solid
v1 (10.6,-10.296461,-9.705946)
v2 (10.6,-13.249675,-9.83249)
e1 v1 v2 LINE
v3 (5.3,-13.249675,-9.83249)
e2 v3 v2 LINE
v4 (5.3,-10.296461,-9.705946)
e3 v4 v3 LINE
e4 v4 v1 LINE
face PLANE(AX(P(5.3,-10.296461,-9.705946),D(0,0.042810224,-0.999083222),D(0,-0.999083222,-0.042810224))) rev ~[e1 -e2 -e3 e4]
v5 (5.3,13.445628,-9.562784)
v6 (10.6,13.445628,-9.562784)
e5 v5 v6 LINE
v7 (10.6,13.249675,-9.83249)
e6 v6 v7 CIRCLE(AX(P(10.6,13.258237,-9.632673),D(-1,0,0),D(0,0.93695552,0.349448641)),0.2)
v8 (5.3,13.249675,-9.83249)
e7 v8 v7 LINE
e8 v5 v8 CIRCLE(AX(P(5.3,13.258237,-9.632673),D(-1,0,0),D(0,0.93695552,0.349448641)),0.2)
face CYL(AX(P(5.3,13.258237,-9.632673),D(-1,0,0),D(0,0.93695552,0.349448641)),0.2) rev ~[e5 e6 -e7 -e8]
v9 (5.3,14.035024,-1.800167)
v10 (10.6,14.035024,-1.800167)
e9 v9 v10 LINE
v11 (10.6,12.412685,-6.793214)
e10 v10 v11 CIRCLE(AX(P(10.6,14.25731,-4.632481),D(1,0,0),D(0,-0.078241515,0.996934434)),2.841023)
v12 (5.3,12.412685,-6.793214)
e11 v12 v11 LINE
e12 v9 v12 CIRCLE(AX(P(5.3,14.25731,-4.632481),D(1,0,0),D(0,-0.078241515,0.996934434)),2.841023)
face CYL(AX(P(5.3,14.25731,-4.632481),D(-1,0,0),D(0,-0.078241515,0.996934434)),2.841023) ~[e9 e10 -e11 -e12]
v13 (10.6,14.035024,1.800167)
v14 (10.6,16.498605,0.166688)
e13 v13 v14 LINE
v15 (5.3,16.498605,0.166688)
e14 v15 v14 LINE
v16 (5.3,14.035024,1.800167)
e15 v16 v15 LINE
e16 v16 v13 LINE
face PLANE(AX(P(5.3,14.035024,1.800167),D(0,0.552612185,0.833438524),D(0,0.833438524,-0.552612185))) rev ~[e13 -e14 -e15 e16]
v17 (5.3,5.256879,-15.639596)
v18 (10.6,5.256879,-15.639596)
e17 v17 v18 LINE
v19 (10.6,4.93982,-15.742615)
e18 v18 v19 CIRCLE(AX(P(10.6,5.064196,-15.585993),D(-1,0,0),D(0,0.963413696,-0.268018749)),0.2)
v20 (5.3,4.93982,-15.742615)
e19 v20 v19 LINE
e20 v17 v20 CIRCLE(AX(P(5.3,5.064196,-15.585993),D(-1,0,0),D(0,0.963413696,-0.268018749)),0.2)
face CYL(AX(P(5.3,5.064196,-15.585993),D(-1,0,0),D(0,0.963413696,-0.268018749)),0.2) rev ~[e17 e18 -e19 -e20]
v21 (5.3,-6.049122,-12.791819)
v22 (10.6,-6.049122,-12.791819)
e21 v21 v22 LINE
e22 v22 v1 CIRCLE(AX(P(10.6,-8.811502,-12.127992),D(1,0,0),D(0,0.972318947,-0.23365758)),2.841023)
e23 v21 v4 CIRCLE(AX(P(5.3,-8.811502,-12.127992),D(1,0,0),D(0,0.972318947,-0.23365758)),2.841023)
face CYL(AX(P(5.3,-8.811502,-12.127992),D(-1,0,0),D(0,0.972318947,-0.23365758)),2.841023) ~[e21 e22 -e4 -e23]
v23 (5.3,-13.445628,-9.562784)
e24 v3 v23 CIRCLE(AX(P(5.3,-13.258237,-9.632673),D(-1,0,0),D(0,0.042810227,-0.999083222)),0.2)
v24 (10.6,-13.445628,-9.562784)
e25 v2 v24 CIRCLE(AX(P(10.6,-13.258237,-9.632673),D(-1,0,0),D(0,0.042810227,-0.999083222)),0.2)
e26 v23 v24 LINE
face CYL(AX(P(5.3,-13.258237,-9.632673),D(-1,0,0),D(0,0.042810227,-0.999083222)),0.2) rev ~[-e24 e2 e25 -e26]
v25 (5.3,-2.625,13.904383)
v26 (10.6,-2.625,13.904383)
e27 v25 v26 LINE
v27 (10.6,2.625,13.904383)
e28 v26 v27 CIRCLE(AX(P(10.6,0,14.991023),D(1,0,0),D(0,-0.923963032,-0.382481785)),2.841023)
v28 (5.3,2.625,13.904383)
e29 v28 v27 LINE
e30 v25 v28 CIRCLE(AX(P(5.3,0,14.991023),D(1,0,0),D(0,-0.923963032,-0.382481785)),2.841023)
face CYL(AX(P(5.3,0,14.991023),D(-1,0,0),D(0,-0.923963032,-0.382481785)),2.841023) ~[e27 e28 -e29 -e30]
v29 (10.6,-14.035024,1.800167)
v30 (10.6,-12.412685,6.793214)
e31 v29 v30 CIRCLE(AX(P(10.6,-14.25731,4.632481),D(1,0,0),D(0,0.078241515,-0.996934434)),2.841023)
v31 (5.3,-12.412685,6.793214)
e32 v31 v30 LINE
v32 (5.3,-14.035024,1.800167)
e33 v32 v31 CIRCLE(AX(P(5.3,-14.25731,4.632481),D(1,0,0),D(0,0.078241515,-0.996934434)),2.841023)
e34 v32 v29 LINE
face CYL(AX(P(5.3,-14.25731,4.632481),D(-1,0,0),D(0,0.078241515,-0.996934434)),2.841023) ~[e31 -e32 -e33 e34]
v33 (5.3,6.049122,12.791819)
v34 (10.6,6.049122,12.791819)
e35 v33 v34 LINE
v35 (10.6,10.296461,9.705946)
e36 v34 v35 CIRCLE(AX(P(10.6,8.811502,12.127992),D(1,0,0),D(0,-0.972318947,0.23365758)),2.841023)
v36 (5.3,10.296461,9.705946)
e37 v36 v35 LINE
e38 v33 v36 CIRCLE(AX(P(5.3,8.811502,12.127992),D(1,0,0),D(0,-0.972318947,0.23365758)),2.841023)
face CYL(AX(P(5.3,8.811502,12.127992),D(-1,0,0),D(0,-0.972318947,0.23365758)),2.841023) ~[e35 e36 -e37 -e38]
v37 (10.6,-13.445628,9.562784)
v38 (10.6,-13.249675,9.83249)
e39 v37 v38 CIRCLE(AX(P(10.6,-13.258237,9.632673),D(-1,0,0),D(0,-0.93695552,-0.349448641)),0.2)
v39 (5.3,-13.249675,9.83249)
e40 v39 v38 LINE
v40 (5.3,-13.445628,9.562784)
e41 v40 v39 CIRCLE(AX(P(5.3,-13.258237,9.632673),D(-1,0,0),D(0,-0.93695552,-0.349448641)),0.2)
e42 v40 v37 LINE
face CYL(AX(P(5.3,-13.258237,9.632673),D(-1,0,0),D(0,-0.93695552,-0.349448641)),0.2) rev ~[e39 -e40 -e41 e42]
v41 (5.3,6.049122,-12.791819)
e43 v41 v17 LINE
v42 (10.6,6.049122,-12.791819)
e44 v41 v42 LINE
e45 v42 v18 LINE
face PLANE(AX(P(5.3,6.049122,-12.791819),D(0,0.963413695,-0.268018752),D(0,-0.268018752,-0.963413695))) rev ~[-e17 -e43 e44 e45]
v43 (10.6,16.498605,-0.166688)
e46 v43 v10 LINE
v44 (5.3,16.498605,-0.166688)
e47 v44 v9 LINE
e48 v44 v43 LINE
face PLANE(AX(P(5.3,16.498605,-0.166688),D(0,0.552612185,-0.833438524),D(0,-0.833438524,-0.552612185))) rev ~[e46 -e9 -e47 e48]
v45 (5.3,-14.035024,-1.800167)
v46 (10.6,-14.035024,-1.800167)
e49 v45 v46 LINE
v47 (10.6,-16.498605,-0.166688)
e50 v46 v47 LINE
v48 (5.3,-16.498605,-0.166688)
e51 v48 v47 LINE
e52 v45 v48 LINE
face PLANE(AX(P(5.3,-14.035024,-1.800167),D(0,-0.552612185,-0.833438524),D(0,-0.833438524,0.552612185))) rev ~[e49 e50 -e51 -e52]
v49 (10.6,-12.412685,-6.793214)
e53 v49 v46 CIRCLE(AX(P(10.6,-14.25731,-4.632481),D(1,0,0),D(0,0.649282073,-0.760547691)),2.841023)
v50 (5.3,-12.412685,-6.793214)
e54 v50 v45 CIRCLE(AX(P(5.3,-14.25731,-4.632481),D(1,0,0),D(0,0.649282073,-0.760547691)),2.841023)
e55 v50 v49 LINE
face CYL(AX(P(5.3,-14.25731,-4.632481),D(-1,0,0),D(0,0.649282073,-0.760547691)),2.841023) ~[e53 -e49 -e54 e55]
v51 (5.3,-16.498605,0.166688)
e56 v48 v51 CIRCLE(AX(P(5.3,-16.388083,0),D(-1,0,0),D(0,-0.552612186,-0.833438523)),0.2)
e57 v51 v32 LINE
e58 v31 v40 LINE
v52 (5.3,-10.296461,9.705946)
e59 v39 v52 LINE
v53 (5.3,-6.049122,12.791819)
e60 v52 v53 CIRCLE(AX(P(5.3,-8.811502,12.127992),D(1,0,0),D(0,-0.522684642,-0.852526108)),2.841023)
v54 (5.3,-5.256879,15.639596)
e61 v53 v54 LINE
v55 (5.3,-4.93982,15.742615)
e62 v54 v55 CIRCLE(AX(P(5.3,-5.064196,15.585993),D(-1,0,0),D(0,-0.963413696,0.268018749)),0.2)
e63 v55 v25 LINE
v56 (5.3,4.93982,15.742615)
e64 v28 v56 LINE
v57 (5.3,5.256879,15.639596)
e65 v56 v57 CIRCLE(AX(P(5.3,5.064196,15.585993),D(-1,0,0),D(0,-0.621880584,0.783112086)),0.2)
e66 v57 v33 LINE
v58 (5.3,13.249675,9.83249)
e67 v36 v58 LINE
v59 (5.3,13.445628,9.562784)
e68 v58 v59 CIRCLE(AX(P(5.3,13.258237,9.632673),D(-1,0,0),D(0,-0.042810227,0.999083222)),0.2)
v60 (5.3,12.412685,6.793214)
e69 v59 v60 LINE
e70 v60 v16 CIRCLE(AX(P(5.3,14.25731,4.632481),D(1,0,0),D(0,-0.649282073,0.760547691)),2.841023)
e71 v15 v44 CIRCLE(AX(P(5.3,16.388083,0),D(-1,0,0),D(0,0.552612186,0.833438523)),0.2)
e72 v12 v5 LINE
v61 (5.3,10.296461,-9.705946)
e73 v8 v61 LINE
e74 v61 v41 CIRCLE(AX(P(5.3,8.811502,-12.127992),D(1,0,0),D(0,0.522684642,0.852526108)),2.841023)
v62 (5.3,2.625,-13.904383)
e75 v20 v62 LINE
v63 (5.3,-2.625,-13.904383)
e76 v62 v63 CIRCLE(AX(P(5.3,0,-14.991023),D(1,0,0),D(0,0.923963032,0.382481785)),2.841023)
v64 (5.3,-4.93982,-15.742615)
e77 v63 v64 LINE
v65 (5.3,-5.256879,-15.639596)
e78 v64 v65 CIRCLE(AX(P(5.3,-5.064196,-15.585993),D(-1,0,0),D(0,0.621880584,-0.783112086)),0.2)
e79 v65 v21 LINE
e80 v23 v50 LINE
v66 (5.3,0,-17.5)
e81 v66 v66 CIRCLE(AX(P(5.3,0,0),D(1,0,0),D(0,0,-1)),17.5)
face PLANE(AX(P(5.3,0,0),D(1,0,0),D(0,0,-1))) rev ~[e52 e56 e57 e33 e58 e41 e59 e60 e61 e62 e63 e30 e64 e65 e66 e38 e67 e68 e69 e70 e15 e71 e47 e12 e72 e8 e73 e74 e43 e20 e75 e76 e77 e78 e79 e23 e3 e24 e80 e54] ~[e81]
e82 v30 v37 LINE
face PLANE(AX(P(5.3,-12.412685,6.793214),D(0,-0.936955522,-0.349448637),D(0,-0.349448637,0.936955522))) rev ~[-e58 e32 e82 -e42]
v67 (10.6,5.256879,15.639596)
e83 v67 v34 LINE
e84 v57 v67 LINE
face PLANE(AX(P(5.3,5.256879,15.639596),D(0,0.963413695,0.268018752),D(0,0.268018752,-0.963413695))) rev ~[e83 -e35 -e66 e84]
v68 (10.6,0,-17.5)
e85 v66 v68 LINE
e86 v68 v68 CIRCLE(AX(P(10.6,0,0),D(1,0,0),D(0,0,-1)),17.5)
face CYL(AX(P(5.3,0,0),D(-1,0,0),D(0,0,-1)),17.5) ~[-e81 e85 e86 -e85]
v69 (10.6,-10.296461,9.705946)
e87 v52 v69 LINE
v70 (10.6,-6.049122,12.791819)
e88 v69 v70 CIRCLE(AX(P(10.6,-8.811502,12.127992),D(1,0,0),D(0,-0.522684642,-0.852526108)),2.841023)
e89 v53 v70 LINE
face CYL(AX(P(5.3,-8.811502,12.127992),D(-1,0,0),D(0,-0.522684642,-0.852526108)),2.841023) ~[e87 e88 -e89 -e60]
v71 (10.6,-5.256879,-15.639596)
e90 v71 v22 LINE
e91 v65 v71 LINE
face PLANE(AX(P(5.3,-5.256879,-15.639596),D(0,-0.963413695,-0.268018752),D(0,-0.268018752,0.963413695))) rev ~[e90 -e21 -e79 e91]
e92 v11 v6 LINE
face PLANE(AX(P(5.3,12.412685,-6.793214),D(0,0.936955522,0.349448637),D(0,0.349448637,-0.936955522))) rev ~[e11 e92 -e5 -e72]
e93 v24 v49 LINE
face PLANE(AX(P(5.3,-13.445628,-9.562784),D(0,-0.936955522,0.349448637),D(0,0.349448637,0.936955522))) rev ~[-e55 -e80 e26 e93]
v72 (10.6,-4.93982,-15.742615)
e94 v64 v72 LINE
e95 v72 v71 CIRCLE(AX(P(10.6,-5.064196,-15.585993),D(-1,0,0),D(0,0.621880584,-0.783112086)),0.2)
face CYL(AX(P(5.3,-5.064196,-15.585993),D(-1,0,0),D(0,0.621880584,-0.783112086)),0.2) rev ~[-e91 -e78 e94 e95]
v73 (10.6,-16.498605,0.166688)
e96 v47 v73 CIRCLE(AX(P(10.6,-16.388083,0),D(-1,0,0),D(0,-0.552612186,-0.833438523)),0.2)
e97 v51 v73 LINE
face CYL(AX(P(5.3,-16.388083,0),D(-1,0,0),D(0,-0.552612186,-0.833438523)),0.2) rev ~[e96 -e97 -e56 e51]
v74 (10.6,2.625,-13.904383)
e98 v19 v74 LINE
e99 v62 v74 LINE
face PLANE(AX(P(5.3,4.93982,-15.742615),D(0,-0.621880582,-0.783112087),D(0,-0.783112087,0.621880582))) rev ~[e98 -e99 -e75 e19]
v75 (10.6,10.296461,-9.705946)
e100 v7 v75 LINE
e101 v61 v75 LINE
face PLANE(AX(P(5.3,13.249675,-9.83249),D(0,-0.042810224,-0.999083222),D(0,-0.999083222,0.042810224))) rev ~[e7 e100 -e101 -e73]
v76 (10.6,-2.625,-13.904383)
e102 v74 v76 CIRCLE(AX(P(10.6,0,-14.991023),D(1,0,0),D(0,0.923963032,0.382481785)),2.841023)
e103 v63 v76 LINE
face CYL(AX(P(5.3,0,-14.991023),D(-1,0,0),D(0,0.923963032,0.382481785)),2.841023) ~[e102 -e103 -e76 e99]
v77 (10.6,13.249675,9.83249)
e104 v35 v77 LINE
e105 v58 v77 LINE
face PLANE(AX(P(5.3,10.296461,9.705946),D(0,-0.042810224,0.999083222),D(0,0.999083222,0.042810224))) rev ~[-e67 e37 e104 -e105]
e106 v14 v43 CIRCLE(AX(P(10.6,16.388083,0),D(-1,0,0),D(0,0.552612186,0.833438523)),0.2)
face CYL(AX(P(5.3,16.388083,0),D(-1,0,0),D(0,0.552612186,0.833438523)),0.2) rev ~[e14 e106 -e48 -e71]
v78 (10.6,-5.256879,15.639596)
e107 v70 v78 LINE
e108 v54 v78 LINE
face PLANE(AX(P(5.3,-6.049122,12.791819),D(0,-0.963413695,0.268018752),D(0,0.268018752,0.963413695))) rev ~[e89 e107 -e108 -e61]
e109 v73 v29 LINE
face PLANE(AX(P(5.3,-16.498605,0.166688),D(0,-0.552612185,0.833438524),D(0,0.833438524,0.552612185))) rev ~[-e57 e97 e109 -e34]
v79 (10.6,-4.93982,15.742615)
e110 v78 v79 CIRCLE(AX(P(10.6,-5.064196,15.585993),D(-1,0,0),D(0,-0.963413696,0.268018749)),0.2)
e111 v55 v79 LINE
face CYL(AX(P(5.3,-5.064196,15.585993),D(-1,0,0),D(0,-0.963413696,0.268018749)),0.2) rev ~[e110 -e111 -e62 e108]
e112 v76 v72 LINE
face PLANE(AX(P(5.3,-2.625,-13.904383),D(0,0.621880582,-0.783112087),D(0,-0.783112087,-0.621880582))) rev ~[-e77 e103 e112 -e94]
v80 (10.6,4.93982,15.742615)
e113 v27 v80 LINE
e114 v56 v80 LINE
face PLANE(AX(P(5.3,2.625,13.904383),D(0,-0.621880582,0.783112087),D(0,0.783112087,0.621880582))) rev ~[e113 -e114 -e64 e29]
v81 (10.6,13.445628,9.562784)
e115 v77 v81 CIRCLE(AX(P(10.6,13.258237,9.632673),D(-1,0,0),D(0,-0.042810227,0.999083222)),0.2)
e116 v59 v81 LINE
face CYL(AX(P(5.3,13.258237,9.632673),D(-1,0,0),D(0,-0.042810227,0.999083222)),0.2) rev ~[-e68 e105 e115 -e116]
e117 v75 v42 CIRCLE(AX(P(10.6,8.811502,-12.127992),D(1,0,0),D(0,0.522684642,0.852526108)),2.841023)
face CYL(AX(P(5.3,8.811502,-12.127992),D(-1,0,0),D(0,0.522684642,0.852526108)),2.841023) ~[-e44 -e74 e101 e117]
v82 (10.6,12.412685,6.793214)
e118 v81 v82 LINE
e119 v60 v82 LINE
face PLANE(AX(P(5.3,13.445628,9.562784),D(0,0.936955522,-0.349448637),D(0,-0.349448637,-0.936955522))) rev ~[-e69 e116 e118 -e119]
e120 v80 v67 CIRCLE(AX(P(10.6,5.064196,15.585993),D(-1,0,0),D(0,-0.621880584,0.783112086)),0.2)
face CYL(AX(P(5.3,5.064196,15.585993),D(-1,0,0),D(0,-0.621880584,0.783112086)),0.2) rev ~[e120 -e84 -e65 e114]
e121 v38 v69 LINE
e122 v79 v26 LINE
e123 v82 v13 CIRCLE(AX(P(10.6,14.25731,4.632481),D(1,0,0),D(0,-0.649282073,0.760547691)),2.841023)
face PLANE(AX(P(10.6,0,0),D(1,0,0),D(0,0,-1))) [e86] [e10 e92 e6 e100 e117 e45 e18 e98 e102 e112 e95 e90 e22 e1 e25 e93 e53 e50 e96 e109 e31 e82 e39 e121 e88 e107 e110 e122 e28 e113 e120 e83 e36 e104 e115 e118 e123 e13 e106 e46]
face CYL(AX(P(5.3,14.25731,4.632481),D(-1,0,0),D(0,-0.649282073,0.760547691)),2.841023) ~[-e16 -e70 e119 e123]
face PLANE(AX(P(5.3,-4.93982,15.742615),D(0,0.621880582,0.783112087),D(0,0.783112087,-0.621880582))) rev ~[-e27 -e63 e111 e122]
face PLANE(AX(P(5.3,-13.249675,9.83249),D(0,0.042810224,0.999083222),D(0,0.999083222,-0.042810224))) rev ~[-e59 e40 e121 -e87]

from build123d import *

# Parameters (mm, degrees)
BOSS_EXTRUDE1_DEPTH     = 5.3
CIRPATTERN1_COUNT       = 10
FILLET1_R               = 0.2
FILLET3_R               = 0.2
SKETCH2_R               = 10
SKETCH2_R_2             = 4.05
BOSS_EXTRUDE2_DEPTH     = 16.7
CUT_EXTRUDE1_DEPTH      = 29.341701561
CUT_EXTRUDE1_DEPTH_BACK = 29.341701561
SKETCH2_2_R             = 4.05
SKETCH3_R               = 17.5
BOSS_EXTRUDE3_DEPTH     = 5.3
SKETCH3_3_R             = 17.5
CUT_EXTRUDE2_DEPTH      = 34.11344138


with BuildPart() as part:
    # Sketch1 → Boss-Extrude1 (new body)
    with BuildSketch(Plane(origin=(0, 0, 0), x_dir=(0, 0, -1), z_dir=(1, 0, 0))):
        with BuildLine():
            Line((0, 0), (9.845402976, 13.551034656))
            Line((9.845402976, 13.551034656), (6.793214092, 12.412684734))
            ThreePointArc((6.793214092, 12.412684734), (3.754556482, 11.555336673), (1.800167381, 14.035023954))
            Line((1.800167381, 14.035023954), (0, 16.75))
            Line((0, 16.75), (0, 0))
        make_face()
    boss_extrude1 = extrude(amount=BOSS_EXTRUDE1_DEPTH)

    # CirPattern1: Boss-Extrude1 ×10 about axis
    cirpattern1_axis = Axis((5.3, 0, 0), (-1, 0, 0))
    for i in range(1, CIRPATTERN1_COUNT):
        add(boss_extrude1.rotate(cirpattern1_axis, i * 360 / CIRPATTERN1_COUNT))

    # Fillet1
    fillet1_edges = [part.edges().sort_by_distance(p)[0] for p in [
        (2.65, 16.75, 0),
    ]]
    fillet(fillet1_edges, radius=FILLET1_R)

    # Fillet3
    fillet3_edges = [part.edges().sort_by_distance(p)[0] for p in [
        (2.65, 13.551034656, 9.845402976),
        (2.65, 5.176034656, 15.930196648),
        (2.65, -5.176034656, 15.930196648),
        (2.65, -13.551034656, 9.845402976),
        (2.65, -16.75, 0),
        (2.65, -13.551034656, -9.845402976),
        (2.65, -5.176034656, -15.930196648),
        (2.65, 5.176034656, -15.930196648),
        (2.65, 13.551034656, -9.845402976),
    ]]
    fillet(fillet3_edges, radius=FILLET3_R)

    # Sketch2 → Boss-Extrude2 (add)
    with BuildSketch(Plane.ZY):
        Circle(SKETCH2_R)
        Circle(SKETCH2_R_2, mode=Mode.SUBTRACT)
    extrude(amount=BOSS_EXTRUDE2_DEPTH)

    # Sketch2<2> → Cut-Extrude1 (cut, two sides: drawn at the far end of the back side and taken through both)
    with BuildSketch(Plane.ZY.offset(-CUT_EXTRUDE1_DEPTH_BACK)):
        Circle(SKETCH2_2_R)
    extrude(amount=CUT_EXTRUDE1_DEPTH + CUT_EXTRUDE1_DEPTH_BACK, mode=Mode.SUBTRACT)

    # Sketch3<3> → Cut-Extrude2 (cut, through all)
    with BuildSketch(Plane(origin=(5.3, 0, 0), x_dir=(0, 0, -1), z_dir=(1, 0, 0))):
        Circle(SKETCH3_3_R)
    extrude(amount=-CUT_EXTRUDE2_DEPTH, mode=Mode.SUBTRACT)


with BuildPart() as body_2:
    # Sketch3 → Boss-Extrude3 (new body)
    with BuildSketch(Plane(origin=(5.3, 0, 0), x_dir=(0, 0, -1), z_dir=(1, 0, 0))):
        Circle(SKETCH3_R)
        with BuildLine():
            Line((-9.562783501, 13.445628382), (-6.793214092, 12.412684734))
            ThreePointArc((-6.793214092, 12.412684734), (-3.754556482, 11.555336673), (-1.800167381, 14.035023954))
            Line((-1.800167381, 14.035023954), (-0.166687705, 16.498604974))
            ThreePointArc((-0.166687705, 16.498604974), (0, 16.588082537), (0.166687705, 16.498604974))
            Line((0.166687705, 16.498604974), (1.800167381, 14.035023954))
            ThreePointArc((1.800167381, 14.035023954), (3.754556482, 11.555336673), (6.793214092, 12.412684734))
            Line((6.793214092, 12.412684734), (9.562783501, 13.445628382))
            ThreePointArc((9.562783501, 13.445628382), (9.750230279, 13.420040677), (9.832489873, 13.249675233))
            Line((9.832489873, 13.249675233), (9.7059461, 10.296461057))
            ThreePointArc((9.7059461, 10.296461057), (9.829556482, 7.141590815), (12.791818675, 6.049121837))
            Line((12.791818675, 6.049121837), (15.639596437, 5.256878748))
            ThreePointArc((15.639596437, 5.256878748), (15.77620399, 5.125999408), (15.742615104, 4.939819893))
            Line((15.742615104, 4.939819893), (13.904383302, 2.625))
            ThreePointArc((13.904383302, 2.625), (12.15, 0), (13.904383302, -2.625))
            Line((13.904383302, -2.625), (15.742615104, -4.939819893))
            ThreePointArc((15.742615104, -4.939819893), (15.77620399, -5.125999408), (15.639596437, -5.256878748))
            Line((15.639596437, -5.256878748), (12.791818675, -6.049121837))
            ThreePointArc((12.791818675, -6.049121837), (9.829556482, -7.141590815), (9.7059461, -10.296461057))
            Line((9.7059461, -10.296461057), (9.832489873, -13.249675233))
            ThreePointArc((9.832489873, -13.249675233), (9.750230279, -13.420040677), (9.562783501, -13.445628382))
            Line((9.562783501, -13.445628382), (6.793214092, -12.412684734))
            ThreePointArc((6.793214092, -12.412684734), (3.754556482, -11.555336673), (1.800167381, -14.035023954))
            Line((1.800167381, -14.035023954), (0.166687705, -16.498604974))
            ThreePointArc((0.166687705, -16.498604974), (0, -16.588082537), (-0.166687705, -16.498604974))
            Line((-0.166687705, -16.498604974), (-1.800167381, -14.035023954))
            ThreePointArc((-1.800167381, -14.035023954), (-3.754556482, -11.555336673), (-6.793214092, -12.412684734))
            Line((-6.793214092, -12.412684734), (-9.562783501, -13.445628382))
            ThreePointArc((-9.562783501, -13.445628382), (-9.750230279, -13.420040677), (-9.832489873, -13.249675233))
            Line((-9.832489873, -13.249675233), (-9.7059461, -10.296461057))
            ThreePointArc((-9.7059461, -10.296461057), (-9.829556482, -7.141590815), (-12.791818675, -6.049121837))
            Line((-12.791818675, -6.049121837), (-15.639596437, -5.256878748))
            ThreePointArc((-15.639596437, -5.256878748), (-15.77620399, -5.125999408), (-15.742615104, -4.939819893))
            Line((-15.742615104, -4.939819893), (-13.904383302, -2.625))
            ThreePointArc((-13.904383302, -2.625), (-12.15, 0), (-13.904383302, 2.625))
            Line((-13.904383302, 2.625), (-15.742615104, 4.939819893))
            ThreePointArc((-15.742615104, 4.939819893), (-15.77620399, 5.125999408), (-15.639596437, 5.256878748))
            Line((-15.639596437, 5.256878748), (-12.791818675, 6.049121837))
            ThreePointArc((-12.791818675, 6.049121837), (-9.829556482, 7.141590815), (-9.7059461, 10.296461057))
            Line((-9.7059461, 10.296461057), (-9.832489873, 13.249675233))
            ThreePointArc((-9.832489873, 13.249675233), (-9.750230279, 13.420040677), (-9.562783501, 13.445628382))
        make_face(mode=Mode.SUBTRACT)
    extrude(amount=BOSS_EXTRUDE3_DEPTH)


solid = body_2.part
